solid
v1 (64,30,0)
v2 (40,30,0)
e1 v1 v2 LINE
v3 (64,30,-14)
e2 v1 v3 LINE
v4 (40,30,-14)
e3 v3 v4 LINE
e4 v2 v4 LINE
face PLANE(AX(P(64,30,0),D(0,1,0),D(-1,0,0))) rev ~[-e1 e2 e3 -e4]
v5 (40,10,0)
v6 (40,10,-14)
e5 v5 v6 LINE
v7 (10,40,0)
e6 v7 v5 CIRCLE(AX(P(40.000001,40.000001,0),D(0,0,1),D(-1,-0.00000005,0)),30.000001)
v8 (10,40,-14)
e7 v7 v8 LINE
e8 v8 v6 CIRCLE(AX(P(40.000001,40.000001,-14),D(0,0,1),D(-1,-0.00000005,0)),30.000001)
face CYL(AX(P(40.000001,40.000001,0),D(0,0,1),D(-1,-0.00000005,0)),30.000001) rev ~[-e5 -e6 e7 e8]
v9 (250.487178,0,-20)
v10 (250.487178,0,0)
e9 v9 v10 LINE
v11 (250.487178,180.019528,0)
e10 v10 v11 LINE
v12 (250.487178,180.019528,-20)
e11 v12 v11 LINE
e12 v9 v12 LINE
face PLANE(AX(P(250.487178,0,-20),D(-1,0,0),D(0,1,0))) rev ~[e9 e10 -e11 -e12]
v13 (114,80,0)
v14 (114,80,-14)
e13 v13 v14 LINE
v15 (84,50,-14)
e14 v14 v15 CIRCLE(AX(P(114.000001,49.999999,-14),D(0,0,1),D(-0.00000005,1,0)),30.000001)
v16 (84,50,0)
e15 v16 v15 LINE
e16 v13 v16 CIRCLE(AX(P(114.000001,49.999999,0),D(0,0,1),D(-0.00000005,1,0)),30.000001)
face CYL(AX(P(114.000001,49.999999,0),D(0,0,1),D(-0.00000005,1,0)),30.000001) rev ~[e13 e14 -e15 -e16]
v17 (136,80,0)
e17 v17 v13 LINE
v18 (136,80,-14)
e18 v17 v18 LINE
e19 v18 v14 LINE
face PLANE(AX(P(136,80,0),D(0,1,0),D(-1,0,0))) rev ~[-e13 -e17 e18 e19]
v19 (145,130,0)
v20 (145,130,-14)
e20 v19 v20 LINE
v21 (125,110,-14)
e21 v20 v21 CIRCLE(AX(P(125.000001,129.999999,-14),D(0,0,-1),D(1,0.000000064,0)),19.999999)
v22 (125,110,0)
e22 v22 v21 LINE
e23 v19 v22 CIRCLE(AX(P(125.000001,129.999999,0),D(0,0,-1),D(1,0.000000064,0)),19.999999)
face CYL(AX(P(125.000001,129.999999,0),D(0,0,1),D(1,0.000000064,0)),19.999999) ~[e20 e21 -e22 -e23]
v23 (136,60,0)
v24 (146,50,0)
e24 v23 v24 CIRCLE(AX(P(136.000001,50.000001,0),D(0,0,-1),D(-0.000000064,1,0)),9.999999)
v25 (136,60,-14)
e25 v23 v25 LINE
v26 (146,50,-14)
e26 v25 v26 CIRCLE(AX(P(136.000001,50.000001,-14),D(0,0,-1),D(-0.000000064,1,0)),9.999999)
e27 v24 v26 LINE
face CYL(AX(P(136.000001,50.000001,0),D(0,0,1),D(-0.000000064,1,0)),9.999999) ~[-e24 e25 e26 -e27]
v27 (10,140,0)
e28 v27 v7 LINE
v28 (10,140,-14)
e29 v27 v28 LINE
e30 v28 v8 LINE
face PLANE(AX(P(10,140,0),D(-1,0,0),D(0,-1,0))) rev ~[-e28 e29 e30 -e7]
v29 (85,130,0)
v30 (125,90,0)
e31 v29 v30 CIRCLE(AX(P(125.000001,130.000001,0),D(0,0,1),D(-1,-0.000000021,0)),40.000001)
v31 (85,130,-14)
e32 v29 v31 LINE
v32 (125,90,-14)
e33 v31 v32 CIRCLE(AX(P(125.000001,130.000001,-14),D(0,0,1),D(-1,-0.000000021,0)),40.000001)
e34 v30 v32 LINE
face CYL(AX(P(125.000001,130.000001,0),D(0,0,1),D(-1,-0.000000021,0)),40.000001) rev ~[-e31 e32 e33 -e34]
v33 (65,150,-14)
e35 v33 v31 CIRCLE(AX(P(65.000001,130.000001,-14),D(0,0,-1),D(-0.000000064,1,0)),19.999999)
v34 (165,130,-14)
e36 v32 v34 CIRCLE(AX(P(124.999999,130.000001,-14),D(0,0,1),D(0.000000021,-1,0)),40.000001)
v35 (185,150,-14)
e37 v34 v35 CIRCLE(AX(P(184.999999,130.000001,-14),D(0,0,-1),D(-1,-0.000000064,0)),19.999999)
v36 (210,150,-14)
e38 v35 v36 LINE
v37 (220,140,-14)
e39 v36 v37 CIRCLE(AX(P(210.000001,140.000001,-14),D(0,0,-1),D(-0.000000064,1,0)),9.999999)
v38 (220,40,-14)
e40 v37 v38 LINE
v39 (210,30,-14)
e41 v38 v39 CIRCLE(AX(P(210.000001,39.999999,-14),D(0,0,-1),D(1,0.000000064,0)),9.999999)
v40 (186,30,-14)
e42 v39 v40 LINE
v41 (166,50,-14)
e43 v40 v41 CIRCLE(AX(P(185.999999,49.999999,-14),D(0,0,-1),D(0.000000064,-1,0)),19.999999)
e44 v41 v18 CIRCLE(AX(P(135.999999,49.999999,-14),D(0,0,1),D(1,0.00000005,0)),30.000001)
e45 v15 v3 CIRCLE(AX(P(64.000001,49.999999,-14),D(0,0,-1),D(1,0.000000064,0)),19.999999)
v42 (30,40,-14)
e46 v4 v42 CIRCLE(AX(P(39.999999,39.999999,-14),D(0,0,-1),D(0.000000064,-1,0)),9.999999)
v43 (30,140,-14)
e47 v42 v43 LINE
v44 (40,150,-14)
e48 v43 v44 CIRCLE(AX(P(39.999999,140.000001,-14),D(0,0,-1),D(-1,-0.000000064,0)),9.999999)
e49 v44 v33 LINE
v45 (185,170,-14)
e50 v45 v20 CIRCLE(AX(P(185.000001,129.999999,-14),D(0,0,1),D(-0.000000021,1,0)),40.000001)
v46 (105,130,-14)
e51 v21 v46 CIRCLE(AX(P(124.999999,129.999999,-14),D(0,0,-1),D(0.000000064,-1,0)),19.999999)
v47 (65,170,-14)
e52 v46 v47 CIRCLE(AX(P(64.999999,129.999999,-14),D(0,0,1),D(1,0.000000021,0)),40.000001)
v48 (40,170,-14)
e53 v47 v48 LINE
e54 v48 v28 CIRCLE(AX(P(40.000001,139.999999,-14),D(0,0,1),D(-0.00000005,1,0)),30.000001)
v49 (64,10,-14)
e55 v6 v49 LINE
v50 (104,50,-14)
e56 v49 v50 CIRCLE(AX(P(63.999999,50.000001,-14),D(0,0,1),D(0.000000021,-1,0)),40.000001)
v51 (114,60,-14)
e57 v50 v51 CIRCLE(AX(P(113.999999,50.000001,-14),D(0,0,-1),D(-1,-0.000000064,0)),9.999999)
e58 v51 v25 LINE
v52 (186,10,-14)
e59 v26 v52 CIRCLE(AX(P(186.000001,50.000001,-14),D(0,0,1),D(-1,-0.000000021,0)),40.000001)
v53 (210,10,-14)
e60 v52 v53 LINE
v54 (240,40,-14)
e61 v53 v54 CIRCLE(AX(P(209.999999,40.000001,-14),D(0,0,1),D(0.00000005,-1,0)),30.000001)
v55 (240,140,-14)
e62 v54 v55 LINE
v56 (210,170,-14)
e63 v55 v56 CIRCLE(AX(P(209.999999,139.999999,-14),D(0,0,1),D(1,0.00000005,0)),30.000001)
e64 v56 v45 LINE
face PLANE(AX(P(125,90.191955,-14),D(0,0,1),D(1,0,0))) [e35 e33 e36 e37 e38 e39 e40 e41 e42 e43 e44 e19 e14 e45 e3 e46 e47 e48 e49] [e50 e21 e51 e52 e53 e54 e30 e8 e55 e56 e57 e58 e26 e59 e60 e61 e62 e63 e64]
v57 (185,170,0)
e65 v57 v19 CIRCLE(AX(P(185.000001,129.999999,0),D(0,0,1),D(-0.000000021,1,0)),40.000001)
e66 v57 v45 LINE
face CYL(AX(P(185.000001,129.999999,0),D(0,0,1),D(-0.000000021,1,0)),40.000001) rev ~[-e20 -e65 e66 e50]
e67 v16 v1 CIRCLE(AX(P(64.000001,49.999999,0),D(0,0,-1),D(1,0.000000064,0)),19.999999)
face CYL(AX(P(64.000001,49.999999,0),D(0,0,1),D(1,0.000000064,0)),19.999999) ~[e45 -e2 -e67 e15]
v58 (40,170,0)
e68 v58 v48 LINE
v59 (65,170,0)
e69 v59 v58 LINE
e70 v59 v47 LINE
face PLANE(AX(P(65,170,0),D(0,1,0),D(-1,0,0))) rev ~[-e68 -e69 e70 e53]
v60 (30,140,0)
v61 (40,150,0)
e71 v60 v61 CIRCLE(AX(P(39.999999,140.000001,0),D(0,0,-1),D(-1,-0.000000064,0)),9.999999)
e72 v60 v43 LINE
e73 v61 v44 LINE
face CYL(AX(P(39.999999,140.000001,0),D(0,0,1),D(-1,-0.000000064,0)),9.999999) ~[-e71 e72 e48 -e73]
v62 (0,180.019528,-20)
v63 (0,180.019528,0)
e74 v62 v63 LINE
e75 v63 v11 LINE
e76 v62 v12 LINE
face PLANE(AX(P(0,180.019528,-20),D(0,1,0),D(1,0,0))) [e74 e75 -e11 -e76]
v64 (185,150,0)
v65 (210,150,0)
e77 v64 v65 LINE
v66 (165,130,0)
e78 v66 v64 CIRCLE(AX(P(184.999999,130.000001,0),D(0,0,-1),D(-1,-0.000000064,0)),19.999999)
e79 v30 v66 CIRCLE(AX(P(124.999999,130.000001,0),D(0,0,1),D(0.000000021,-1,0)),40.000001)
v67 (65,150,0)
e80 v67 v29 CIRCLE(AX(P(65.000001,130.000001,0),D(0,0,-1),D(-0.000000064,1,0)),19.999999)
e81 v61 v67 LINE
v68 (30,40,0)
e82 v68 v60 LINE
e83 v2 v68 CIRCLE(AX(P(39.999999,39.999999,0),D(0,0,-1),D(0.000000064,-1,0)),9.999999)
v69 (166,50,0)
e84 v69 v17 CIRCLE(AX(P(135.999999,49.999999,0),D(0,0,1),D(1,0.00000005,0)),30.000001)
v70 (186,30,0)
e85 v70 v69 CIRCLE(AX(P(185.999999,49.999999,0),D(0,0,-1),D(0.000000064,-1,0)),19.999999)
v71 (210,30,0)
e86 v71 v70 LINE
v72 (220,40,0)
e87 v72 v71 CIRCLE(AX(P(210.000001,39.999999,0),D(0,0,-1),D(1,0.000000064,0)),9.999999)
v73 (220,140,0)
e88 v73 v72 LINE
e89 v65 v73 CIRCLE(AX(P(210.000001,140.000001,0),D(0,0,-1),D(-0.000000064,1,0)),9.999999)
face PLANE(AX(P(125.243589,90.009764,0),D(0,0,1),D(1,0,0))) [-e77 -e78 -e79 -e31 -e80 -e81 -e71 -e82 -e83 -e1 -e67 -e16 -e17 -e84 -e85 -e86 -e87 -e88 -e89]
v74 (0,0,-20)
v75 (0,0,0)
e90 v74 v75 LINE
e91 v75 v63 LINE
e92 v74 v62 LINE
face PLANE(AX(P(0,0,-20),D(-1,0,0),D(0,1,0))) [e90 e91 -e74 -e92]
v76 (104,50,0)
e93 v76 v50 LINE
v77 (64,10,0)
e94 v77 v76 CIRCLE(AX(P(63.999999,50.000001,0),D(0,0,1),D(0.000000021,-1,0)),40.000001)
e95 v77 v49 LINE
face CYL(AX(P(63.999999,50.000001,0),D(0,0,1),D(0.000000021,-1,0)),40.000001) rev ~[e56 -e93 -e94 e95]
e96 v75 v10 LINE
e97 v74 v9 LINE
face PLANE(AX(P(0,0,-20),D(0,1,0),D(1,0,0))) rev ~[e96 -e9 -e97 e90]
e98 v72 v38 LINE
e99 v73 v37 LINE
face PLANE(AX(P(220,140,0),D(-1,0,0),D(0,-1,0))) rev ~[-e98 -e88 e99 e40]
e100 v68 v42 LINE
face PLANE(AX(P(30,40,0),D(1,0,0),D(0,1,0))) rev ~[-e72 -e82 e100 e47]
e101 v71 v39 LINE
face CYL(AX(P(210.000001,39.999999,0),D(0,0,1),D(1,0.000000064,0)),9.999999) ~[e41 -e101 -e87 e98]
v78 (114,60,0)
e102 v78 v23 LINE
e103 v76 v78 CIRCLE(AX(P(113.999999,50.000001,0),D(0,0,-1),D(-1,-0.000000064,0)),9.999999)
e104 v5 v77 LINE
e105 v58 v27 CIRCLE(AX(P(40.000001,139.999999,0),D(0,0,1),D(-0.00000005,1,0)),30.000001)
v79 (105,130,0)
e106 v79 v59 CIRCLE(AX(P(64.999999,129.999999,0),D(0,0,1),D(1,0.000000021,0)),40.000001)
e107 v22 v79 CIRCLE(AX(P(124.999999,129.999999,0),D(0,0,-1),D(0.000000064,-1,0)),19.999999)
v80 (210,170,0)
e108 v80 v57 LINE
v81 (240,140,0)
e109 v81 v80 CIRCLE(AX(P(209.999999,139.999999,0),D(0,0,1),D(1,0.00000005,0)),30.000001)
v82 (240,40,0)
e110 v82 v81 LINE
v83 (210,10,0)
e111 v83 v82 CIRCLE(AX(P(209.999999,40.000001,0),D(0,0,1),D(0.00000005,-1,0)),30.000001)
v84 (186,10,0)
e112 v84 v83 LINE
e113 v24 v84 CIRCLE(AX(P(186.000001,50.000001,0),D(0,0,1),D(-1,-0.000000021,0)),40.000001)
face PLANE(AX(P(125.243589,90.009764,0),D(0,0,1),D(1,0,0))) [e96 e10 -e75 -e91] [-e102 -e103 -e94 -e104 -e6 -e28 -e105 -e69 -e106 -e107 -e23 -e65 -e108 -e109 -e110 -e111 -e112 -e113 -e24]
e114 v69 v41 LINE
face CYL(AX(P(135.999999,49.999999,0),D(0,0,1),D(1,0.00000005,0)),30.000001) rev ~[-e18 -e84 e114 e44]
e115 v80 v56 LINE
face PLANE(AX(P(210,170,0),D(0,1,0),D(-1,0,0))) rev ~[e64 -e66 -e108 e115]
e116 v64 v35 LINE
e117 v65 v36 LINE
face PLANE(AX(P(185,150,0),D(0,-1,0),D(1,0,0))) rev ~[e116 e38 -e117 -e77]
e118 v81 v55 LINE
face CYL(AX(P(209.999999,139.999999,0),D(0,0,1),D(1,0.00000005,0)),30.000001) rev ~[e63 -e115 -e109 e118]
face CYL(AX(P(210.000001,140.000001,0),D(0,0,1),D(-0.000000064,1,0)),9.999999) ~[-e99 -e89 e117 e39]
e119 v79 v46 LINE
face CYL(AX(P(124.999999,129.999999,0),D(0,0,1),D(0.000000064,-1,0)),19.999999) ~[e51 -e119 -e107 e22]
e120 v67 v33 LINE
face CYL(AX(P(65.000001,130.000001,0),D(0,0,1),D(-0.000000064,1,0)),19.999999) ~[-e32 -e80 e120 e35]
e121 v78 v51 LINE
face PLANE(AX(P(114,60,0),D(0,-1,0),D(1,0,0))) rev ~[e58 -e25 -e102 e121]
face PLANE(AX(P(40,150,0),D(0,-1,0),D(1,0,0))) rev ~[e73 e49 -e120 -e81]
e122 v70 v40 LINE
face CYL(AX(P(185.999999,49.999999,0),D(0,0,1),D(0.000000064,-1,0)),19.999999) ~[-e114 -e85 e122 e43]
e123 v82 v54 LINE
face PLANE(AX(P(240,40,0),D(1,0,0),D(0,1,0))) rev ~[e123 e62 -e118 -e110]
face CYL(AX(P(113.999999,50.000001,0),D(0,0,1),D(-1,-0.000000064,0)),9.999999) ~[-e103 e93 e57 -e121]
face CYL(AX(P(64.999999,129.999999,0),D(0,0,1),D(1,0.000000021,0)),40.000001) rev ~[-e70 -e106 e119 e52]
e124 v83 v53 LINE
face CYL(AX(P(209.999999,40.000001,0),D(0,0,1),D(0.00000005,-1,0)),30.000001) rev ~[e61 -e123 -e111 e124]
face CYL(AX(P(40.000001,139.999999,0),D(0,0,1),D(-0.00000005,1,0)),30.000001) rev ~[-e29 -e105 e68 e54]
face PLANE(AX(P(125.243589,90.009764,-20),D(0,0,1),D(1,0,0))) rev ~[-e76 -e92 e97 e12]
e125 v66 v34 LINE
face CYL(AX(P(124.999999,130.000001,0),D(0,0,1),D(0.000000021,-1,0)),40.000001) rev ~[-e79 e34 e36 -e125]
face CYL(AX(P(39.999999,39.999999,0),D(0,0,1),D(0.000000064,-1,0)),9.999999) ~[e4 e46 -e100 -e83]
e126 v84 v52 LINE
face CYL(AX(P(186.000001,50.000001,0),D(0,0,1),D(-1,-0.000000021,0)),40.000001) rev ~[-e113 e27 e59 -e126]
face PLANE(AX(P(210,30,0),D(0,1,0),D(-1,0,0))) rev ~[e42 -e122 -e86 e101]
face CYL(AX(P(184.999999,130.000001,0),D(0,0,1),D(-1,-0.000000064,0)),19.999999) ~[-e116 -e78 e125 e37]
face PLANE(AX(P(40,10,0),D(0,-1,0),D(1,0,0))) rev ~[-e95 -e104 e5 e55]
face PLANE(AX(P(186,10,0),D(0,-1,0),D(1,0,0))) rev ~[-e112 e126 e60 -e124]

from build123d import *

# Parameters (mm, degrees)
F2_W     = 250.487179
F2_H     = 180.019528
F3_DEPTH = 20
F4_DEPTH = 14


with BuildPart() as f3:
    # F2 (on offset) → F3 (new body)
    with BuildSketch(Plane.XY.offset(-20)):
        with Locations((125.243589, 90.009764)):
            Rectangle(F2_W, F2_H)
    extrude(amount=F3_DEPTH)

    # F0 (on Top) → F4 (cut)
    with BuildSketch(Plane.XY):
        with BuildLine():
            Line((65, 170), (40, 170))
            ThreePointArc((40, 170), (18.786797, 161.213203), (10, 140))
            Line((10, 140), (10, 40))
            ThreePointArc((10, 40), (18.786797, 18.786797), (40, 10))
            Line((40, 10), (64, 10))
            ThreePointArc((64, 10), (92.284271, 21.715729), (104, 50))
            ThreePointArc((104, 50), (106.928932, 57.071068), (114, 60))
            Line((114, 60), (125, 60))
            Line((125, 60), (136, 60))
            ThreePointArc((136, 60), (143.071068, 57.071068), (146, 50))
            ThreePointArc((146, 50), (157.715729, 21.715729), (186, 10))
            Line((186, 10), (210, 10))
            ThreePointArc((210, 10), (231.213203, 18.786797), (240, 40))
            Line((240, 40), (240, 140))
            ThreePointArc((240, 140), (231.213203, 161.213203), (210, 170))
            Line((210, 170), (185, 170))
            ThreePointArc((185, 170), (156.715729, 158.284271), (145, 130))
            ThreePointArc((145, 130), (139.142136, 115.857864), (125, 110))
            ThreePointArc((125, 110), (110.857864, 115.857864), (105, 130))
            ThreePointArc((105, 130), (93.284271, 158.284271), (65, 170))
        make_face()
        with BuildLine():
            ThreePointArc((84, 50), (78.142136, 35.857864), (64, 30))
            Line((64, 30), (40, 30))
            ThreePointArc((40, 30), (32.928932, 32.928932), (30, 40))
            Line((30, 40), (30, 140))
            ThreePointArc((30, 140), (32.928932, 147.071068), (40, 150))
            Line((40, 150), (65, 150))
            ThreePointArc((65, 150), (79.142136, 144.142136), (85, 130))
            ThreePointArc((85, 130), (96.715729, 101.715729), (125, 90))
            ThreePointArc((125, 90), (153.284271, 101.715729), (165, 130))
            ThreePointArc((165, 130), (170.857864, 144.142136), (185, 150))
            Line((185, 150), (210, 150))
            ThreePointArc((210, 150), (217.071068, 147.071068), (220, 140))
            Line((220, 140), (220, 40))
            ThreePointArc((220, 40), (217.071068, 32.928932), (210, 30))
            Line((210, 30), (186, 30))
            ThreePointArc((186, 30), (171.857864, 35.857864), (166, 50))
            ThreePointArc((166, 50), (157.213203, 71.213203), (136, 80))
            Line((136, 80), (125, 80))
            Line((125, 80), (114, 80))
            ThreePointArc((114, 80), (92.786797, 71.213203), (84, 50))
        make_face(mode=Mode.SUBTRACT)
    extrude(amount=-F4_DEPTH, mode=Mode.SUBTRACT)


solid = f3.part
